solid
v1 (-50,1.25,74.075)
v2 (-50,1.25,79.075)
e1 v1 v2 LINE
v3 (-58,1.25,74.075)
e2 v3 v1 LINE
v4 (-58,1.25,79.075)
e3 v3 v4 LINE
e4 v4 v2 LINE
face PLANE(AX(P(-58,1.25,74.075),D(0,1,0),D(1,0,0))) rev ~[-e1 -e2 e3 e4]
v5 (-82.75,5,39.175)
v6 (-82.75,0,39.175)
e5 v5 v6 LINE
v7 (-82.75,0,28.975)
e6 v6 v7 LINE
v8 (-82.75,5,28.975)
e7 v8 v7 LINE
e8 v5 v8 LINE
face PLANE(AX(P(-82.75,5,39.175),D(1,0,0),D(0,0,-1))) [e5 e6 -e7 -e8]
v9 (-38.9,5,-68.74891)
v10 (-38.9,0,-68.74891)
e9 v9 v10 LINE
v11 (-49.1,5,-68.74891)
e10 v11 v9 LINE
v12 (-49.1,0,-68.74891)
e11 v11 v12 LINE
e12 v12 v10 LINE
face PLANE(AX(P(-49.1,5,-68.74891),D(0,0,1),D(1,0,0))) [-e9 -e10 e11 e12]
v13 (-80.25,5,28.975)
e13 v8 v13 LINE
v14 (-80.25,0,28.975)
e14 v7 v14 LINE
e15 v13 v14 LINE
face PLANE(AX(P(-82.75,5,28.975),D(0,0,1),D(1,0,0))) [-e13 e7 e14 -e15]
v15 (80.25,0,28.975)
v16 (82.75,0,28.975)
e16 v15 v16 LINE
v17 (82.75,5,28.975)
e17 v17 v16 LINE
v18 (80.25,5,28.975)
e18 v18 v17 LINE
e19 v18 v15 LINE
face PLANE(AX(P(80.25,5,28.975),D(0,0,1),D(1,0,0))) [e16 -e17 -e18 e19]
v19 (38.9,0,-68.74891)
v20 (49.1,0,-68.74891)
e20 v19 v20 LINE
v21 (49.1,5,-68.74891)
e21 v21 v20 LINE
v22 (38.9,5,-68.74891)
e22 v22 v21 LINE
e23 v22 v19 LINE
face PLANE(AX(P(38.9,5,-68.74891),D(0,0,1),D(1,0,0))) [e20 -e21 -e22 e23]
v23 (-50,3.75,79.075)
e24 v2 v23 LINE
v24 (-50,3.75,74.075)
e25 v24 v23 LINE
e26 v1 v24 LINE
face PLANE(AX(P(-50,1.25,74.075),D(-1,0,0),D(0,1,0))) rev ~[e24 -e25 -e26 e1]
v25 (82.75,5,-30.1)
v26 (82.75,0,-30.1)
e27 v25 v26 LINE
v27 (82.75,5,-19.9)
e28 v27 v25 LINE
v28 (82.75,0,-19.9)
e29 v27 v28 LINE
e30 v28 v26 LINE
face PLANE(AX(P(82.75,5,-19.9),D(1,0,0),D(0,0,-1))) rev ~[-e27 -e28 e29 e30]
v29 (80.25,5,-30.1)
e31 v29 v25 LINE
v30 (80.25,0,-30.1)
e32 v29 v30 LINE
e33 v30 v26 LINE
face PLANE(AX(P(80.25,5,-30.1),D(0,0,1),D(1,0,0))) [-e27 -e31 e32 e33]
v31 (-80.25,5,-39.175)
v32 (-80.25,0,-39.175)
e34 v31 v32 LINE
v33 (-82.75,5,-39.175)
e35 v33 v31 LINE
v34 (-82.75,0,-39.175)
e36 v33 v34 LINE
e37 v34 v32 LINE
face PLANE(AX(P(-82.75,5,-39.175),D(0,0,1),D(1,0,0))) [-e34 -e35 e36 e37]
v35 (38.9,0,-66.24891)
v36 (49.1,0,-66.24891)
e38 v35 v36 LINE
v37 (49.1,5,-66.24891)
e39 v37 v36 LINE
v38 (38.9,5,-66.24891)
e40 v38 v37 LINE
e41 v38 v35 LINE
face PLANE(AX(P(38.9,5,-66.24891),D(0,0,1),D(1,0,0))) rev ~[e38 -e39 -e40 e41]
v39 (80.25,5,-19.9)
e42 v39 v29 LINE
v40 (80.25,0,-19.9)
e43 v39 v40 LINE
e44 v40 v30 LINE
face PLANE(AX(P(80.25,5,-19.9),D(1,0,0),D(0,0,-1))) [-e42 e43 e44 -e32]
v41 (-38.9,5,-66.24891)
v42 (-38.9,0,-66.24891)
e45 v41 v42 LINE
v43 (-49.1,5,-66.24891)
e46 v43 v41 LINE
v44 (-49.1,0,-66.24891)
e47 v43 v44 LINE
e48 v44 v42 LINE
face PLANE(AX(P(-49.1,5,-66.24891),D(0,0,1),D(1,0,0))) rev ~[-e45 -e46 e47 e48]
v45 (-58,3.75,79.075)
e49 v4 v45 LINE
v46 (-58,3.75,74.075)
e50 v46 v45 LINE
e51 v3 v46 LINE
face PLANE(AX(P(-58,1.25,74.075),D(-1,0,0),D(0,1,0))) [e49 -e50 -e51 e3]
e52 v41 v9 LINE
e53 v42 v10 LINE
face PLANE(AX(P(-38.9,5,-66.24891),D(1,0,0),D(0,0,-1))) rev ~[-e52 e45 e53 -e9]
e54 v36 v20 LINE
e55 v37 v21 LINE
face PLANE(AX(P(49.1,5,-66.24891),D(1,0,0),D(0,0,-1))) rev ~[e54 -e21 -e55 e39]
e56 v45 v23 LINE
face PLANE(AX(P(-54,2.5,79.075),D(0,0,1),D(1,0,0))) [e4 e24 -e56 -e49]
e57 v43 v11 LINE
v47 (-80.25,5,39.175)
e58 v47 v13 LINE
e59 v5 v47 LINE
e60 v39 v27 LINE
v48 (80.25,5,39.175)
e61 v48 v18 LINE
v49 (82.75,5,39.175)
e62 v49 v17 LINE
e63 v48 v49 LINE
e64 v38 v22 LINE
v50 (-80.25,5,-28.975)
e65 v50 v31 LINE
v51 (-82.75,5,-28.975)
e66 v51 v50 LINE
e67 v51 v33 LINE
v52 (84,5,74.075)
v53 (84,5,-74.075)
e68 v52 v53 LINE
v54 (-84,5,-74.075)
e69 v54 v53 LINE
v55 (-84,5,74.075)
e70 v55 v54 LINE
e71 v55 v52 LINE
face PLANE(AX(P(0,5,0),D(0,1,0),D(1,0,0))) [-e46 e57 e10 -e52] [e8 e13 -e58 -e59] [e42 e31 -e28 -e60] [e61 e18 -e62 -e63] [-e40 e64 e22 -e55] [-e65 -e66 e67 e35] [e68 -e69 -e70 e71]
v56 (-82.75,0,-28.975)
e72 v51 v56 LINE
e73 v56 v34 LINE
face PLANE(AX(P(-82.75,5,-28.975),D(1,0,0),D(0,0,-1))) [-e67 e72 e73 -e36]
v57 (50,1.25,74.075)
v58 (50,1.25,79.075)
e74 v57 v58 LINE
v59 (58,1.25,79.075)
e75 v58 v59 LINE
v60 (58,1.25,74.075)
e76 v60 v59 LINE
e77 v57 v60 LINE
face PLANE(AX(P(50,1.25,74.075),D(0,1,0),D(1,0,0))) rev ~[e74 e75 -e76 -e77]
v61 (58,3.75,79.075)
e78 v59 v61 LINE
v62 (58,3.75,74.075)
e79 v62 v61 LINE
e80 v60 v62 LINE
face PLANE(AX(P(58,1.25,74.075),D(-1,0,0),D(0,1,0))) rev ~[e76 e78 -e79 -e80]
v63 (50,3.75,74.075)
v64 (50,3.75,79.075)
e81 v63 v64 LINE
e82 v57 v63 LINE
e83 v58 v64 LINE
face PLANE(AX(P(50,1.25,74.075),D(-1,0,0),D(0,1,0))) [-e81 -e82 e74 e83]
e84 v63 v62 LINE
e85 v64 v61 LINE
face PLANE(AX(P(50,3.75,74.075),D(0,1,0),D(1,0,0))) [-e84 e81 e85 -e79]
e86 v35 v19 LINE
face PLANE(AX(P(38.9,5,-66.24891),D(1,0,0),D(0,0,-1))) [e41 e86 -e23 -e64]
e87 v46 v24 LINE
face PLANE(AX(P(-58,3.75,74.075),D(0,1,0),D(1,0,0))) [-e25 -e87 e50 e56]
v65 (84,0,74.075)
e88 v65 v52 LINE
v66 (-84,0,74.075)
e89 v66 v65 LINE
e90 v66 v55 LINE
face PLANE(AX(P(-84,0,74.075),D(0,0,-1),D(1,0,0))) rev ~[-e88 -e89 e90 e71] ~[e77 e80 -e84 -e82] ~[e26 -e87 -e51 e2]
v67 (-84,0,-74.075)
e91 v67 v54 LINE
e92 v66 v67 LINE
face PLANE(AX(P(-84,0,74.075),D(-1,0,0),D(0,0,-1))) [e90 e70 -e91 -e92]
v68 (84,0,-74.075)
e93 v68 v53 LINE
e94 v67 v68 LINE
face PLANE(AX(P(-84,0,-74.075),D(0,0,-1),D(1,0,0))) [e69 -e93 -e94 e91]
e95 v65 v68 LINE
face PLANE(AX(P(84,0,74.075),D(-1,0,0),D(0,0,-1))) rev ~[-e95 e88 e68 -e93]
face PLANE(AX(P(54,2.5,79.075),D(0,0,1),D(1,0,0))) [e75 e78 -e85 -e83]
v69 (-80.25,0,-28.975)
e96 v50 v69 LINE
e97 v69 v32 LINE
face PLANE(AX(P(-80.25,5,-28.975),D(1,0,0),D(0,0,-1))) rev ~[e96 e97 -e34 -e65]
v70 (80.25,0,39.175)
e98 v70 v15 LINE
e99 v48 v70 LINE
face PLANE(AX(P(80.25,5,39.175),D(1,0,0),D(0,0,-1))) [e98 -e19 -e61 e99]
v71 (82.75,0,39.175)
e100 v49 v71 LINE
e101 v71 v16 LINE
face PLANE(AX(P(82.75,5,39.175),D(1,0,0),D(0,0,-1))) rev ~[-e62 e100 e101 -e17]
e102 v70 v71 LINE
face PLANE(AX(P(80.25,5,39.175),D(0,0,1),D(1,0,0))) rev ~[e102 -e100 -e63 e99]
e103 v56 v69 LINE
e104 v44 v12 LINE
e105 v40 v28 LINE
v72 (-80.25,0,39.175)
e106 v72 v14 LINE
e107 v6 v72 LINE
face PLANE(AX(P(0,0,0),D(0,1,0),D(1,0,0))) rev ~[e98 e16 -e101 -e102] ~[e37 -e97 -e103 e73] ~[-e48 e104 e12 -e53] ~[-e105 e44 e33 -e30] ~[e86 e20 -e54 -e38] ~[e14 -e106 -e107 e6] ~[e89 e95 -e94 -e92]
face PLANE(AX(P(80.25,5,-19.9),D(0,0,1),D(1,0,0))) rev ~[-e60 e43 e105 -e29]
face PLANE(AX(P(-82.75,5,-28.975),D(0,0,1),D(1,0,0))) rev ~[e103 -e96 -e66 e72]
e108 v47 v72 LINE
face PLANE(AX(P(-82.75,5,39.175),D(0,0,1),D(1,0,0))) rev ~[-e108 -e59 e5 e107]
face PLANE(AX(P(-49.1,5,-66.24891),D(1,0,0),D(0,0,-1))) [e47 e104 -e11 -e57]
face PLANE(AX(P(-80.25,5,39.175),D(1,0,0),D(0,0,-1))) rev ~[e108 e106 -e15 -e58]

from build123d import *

# Parameters (mm, degrees)
CROQUIS1_W              = 168
CROQUIS1_H              = 148.15
SALIENTE_EXTRUIR1_DEPTH = 5
CROQUIS2_W              = 2.5
CROQUIS2_H              = 10.2
CORTAR_EXTRUIR1_DEPTH   = 5
CROQUIS4_W              = 8
CROQUIS4_H              = 2.5
SALIENTE_EXTRUIR2_DEPTH = 5
SKETCH1_W               = 10.2
SKETCH1_H               = 2.5
CUT_EXTRUDE2_DEPTH      = 5


with BuildPart() as part:
    # Croquis1 → Saliente-Extruir1 (new body)
    with BuildSketch(Plane(origin=(0, 0, 0), x_dir=(1, 0, 0), z_dir=(0, 1, 0))):
        Rectangle(CROQUIS1_W, CROQUIS1_H)
    extrude(amount=SALIENTE_EXTRUIR1_DEPTH)

    # Croquis2 → Cortar-Extruir1 (cut)
    with BuildSketch(Plane(origin=(0, 5, 0), x_dir=(1, 0, 0), z_dir=(0, 1, 0))):
        with Locations((-81.5, 34.075)):
            Rectangle(CROQUIS2_W, CROQUIS2_H)
        with Locations((-81.5, -34.075)):
            Rectangle(CROQUIS2_W, CROQUIS2_H)
        with Locations((81.5, -34.075)):
            Rectangle(CROQUIS2_W, CROQUIS2_H)
        with Locations((81.5, 25)):
            Rectangle(CROQUIS2_W, CROQUIS2_H)
    extrude(amount=-CORTAR_EXTRUIR1_DEPTH, mode=Mode.SUBTRACT)

    # Croquis4 → Saliente-Extruir2 (add)
    with BuildSketch(Plane.XY.offset(74.075)):
        with Locations((-54, 2.5)):
            Rectangle(CROQUIS4_W, CROQUIS4_H)
        with Locations((54, 2.5)):
            Rectangle(CROQUIS4_W, CROQUIS4_H)
    extrude(amount=SALIENTE_EXTRUIR2_DEPTH)

    # Sketch1 → Cut-Extrude2 (cut)
    with BuildSketch(Plane(origin=(0, 5, 0), x_dir=(1, 0, 0), z_dir=(0, 1, 0))):
        with Locations((-44, 67.49891)):
            Rectangle(SKETCH1_W, SKETCH1_H)
        with Locations((44, 67.49891)):
            Rectangle(SKETCH1_W, SKETCH1_H)
    extrude(amount=-CUT_EXTRUDE2_DEPTH, mode=Mode.SUBTRACT)


solid = part.part
